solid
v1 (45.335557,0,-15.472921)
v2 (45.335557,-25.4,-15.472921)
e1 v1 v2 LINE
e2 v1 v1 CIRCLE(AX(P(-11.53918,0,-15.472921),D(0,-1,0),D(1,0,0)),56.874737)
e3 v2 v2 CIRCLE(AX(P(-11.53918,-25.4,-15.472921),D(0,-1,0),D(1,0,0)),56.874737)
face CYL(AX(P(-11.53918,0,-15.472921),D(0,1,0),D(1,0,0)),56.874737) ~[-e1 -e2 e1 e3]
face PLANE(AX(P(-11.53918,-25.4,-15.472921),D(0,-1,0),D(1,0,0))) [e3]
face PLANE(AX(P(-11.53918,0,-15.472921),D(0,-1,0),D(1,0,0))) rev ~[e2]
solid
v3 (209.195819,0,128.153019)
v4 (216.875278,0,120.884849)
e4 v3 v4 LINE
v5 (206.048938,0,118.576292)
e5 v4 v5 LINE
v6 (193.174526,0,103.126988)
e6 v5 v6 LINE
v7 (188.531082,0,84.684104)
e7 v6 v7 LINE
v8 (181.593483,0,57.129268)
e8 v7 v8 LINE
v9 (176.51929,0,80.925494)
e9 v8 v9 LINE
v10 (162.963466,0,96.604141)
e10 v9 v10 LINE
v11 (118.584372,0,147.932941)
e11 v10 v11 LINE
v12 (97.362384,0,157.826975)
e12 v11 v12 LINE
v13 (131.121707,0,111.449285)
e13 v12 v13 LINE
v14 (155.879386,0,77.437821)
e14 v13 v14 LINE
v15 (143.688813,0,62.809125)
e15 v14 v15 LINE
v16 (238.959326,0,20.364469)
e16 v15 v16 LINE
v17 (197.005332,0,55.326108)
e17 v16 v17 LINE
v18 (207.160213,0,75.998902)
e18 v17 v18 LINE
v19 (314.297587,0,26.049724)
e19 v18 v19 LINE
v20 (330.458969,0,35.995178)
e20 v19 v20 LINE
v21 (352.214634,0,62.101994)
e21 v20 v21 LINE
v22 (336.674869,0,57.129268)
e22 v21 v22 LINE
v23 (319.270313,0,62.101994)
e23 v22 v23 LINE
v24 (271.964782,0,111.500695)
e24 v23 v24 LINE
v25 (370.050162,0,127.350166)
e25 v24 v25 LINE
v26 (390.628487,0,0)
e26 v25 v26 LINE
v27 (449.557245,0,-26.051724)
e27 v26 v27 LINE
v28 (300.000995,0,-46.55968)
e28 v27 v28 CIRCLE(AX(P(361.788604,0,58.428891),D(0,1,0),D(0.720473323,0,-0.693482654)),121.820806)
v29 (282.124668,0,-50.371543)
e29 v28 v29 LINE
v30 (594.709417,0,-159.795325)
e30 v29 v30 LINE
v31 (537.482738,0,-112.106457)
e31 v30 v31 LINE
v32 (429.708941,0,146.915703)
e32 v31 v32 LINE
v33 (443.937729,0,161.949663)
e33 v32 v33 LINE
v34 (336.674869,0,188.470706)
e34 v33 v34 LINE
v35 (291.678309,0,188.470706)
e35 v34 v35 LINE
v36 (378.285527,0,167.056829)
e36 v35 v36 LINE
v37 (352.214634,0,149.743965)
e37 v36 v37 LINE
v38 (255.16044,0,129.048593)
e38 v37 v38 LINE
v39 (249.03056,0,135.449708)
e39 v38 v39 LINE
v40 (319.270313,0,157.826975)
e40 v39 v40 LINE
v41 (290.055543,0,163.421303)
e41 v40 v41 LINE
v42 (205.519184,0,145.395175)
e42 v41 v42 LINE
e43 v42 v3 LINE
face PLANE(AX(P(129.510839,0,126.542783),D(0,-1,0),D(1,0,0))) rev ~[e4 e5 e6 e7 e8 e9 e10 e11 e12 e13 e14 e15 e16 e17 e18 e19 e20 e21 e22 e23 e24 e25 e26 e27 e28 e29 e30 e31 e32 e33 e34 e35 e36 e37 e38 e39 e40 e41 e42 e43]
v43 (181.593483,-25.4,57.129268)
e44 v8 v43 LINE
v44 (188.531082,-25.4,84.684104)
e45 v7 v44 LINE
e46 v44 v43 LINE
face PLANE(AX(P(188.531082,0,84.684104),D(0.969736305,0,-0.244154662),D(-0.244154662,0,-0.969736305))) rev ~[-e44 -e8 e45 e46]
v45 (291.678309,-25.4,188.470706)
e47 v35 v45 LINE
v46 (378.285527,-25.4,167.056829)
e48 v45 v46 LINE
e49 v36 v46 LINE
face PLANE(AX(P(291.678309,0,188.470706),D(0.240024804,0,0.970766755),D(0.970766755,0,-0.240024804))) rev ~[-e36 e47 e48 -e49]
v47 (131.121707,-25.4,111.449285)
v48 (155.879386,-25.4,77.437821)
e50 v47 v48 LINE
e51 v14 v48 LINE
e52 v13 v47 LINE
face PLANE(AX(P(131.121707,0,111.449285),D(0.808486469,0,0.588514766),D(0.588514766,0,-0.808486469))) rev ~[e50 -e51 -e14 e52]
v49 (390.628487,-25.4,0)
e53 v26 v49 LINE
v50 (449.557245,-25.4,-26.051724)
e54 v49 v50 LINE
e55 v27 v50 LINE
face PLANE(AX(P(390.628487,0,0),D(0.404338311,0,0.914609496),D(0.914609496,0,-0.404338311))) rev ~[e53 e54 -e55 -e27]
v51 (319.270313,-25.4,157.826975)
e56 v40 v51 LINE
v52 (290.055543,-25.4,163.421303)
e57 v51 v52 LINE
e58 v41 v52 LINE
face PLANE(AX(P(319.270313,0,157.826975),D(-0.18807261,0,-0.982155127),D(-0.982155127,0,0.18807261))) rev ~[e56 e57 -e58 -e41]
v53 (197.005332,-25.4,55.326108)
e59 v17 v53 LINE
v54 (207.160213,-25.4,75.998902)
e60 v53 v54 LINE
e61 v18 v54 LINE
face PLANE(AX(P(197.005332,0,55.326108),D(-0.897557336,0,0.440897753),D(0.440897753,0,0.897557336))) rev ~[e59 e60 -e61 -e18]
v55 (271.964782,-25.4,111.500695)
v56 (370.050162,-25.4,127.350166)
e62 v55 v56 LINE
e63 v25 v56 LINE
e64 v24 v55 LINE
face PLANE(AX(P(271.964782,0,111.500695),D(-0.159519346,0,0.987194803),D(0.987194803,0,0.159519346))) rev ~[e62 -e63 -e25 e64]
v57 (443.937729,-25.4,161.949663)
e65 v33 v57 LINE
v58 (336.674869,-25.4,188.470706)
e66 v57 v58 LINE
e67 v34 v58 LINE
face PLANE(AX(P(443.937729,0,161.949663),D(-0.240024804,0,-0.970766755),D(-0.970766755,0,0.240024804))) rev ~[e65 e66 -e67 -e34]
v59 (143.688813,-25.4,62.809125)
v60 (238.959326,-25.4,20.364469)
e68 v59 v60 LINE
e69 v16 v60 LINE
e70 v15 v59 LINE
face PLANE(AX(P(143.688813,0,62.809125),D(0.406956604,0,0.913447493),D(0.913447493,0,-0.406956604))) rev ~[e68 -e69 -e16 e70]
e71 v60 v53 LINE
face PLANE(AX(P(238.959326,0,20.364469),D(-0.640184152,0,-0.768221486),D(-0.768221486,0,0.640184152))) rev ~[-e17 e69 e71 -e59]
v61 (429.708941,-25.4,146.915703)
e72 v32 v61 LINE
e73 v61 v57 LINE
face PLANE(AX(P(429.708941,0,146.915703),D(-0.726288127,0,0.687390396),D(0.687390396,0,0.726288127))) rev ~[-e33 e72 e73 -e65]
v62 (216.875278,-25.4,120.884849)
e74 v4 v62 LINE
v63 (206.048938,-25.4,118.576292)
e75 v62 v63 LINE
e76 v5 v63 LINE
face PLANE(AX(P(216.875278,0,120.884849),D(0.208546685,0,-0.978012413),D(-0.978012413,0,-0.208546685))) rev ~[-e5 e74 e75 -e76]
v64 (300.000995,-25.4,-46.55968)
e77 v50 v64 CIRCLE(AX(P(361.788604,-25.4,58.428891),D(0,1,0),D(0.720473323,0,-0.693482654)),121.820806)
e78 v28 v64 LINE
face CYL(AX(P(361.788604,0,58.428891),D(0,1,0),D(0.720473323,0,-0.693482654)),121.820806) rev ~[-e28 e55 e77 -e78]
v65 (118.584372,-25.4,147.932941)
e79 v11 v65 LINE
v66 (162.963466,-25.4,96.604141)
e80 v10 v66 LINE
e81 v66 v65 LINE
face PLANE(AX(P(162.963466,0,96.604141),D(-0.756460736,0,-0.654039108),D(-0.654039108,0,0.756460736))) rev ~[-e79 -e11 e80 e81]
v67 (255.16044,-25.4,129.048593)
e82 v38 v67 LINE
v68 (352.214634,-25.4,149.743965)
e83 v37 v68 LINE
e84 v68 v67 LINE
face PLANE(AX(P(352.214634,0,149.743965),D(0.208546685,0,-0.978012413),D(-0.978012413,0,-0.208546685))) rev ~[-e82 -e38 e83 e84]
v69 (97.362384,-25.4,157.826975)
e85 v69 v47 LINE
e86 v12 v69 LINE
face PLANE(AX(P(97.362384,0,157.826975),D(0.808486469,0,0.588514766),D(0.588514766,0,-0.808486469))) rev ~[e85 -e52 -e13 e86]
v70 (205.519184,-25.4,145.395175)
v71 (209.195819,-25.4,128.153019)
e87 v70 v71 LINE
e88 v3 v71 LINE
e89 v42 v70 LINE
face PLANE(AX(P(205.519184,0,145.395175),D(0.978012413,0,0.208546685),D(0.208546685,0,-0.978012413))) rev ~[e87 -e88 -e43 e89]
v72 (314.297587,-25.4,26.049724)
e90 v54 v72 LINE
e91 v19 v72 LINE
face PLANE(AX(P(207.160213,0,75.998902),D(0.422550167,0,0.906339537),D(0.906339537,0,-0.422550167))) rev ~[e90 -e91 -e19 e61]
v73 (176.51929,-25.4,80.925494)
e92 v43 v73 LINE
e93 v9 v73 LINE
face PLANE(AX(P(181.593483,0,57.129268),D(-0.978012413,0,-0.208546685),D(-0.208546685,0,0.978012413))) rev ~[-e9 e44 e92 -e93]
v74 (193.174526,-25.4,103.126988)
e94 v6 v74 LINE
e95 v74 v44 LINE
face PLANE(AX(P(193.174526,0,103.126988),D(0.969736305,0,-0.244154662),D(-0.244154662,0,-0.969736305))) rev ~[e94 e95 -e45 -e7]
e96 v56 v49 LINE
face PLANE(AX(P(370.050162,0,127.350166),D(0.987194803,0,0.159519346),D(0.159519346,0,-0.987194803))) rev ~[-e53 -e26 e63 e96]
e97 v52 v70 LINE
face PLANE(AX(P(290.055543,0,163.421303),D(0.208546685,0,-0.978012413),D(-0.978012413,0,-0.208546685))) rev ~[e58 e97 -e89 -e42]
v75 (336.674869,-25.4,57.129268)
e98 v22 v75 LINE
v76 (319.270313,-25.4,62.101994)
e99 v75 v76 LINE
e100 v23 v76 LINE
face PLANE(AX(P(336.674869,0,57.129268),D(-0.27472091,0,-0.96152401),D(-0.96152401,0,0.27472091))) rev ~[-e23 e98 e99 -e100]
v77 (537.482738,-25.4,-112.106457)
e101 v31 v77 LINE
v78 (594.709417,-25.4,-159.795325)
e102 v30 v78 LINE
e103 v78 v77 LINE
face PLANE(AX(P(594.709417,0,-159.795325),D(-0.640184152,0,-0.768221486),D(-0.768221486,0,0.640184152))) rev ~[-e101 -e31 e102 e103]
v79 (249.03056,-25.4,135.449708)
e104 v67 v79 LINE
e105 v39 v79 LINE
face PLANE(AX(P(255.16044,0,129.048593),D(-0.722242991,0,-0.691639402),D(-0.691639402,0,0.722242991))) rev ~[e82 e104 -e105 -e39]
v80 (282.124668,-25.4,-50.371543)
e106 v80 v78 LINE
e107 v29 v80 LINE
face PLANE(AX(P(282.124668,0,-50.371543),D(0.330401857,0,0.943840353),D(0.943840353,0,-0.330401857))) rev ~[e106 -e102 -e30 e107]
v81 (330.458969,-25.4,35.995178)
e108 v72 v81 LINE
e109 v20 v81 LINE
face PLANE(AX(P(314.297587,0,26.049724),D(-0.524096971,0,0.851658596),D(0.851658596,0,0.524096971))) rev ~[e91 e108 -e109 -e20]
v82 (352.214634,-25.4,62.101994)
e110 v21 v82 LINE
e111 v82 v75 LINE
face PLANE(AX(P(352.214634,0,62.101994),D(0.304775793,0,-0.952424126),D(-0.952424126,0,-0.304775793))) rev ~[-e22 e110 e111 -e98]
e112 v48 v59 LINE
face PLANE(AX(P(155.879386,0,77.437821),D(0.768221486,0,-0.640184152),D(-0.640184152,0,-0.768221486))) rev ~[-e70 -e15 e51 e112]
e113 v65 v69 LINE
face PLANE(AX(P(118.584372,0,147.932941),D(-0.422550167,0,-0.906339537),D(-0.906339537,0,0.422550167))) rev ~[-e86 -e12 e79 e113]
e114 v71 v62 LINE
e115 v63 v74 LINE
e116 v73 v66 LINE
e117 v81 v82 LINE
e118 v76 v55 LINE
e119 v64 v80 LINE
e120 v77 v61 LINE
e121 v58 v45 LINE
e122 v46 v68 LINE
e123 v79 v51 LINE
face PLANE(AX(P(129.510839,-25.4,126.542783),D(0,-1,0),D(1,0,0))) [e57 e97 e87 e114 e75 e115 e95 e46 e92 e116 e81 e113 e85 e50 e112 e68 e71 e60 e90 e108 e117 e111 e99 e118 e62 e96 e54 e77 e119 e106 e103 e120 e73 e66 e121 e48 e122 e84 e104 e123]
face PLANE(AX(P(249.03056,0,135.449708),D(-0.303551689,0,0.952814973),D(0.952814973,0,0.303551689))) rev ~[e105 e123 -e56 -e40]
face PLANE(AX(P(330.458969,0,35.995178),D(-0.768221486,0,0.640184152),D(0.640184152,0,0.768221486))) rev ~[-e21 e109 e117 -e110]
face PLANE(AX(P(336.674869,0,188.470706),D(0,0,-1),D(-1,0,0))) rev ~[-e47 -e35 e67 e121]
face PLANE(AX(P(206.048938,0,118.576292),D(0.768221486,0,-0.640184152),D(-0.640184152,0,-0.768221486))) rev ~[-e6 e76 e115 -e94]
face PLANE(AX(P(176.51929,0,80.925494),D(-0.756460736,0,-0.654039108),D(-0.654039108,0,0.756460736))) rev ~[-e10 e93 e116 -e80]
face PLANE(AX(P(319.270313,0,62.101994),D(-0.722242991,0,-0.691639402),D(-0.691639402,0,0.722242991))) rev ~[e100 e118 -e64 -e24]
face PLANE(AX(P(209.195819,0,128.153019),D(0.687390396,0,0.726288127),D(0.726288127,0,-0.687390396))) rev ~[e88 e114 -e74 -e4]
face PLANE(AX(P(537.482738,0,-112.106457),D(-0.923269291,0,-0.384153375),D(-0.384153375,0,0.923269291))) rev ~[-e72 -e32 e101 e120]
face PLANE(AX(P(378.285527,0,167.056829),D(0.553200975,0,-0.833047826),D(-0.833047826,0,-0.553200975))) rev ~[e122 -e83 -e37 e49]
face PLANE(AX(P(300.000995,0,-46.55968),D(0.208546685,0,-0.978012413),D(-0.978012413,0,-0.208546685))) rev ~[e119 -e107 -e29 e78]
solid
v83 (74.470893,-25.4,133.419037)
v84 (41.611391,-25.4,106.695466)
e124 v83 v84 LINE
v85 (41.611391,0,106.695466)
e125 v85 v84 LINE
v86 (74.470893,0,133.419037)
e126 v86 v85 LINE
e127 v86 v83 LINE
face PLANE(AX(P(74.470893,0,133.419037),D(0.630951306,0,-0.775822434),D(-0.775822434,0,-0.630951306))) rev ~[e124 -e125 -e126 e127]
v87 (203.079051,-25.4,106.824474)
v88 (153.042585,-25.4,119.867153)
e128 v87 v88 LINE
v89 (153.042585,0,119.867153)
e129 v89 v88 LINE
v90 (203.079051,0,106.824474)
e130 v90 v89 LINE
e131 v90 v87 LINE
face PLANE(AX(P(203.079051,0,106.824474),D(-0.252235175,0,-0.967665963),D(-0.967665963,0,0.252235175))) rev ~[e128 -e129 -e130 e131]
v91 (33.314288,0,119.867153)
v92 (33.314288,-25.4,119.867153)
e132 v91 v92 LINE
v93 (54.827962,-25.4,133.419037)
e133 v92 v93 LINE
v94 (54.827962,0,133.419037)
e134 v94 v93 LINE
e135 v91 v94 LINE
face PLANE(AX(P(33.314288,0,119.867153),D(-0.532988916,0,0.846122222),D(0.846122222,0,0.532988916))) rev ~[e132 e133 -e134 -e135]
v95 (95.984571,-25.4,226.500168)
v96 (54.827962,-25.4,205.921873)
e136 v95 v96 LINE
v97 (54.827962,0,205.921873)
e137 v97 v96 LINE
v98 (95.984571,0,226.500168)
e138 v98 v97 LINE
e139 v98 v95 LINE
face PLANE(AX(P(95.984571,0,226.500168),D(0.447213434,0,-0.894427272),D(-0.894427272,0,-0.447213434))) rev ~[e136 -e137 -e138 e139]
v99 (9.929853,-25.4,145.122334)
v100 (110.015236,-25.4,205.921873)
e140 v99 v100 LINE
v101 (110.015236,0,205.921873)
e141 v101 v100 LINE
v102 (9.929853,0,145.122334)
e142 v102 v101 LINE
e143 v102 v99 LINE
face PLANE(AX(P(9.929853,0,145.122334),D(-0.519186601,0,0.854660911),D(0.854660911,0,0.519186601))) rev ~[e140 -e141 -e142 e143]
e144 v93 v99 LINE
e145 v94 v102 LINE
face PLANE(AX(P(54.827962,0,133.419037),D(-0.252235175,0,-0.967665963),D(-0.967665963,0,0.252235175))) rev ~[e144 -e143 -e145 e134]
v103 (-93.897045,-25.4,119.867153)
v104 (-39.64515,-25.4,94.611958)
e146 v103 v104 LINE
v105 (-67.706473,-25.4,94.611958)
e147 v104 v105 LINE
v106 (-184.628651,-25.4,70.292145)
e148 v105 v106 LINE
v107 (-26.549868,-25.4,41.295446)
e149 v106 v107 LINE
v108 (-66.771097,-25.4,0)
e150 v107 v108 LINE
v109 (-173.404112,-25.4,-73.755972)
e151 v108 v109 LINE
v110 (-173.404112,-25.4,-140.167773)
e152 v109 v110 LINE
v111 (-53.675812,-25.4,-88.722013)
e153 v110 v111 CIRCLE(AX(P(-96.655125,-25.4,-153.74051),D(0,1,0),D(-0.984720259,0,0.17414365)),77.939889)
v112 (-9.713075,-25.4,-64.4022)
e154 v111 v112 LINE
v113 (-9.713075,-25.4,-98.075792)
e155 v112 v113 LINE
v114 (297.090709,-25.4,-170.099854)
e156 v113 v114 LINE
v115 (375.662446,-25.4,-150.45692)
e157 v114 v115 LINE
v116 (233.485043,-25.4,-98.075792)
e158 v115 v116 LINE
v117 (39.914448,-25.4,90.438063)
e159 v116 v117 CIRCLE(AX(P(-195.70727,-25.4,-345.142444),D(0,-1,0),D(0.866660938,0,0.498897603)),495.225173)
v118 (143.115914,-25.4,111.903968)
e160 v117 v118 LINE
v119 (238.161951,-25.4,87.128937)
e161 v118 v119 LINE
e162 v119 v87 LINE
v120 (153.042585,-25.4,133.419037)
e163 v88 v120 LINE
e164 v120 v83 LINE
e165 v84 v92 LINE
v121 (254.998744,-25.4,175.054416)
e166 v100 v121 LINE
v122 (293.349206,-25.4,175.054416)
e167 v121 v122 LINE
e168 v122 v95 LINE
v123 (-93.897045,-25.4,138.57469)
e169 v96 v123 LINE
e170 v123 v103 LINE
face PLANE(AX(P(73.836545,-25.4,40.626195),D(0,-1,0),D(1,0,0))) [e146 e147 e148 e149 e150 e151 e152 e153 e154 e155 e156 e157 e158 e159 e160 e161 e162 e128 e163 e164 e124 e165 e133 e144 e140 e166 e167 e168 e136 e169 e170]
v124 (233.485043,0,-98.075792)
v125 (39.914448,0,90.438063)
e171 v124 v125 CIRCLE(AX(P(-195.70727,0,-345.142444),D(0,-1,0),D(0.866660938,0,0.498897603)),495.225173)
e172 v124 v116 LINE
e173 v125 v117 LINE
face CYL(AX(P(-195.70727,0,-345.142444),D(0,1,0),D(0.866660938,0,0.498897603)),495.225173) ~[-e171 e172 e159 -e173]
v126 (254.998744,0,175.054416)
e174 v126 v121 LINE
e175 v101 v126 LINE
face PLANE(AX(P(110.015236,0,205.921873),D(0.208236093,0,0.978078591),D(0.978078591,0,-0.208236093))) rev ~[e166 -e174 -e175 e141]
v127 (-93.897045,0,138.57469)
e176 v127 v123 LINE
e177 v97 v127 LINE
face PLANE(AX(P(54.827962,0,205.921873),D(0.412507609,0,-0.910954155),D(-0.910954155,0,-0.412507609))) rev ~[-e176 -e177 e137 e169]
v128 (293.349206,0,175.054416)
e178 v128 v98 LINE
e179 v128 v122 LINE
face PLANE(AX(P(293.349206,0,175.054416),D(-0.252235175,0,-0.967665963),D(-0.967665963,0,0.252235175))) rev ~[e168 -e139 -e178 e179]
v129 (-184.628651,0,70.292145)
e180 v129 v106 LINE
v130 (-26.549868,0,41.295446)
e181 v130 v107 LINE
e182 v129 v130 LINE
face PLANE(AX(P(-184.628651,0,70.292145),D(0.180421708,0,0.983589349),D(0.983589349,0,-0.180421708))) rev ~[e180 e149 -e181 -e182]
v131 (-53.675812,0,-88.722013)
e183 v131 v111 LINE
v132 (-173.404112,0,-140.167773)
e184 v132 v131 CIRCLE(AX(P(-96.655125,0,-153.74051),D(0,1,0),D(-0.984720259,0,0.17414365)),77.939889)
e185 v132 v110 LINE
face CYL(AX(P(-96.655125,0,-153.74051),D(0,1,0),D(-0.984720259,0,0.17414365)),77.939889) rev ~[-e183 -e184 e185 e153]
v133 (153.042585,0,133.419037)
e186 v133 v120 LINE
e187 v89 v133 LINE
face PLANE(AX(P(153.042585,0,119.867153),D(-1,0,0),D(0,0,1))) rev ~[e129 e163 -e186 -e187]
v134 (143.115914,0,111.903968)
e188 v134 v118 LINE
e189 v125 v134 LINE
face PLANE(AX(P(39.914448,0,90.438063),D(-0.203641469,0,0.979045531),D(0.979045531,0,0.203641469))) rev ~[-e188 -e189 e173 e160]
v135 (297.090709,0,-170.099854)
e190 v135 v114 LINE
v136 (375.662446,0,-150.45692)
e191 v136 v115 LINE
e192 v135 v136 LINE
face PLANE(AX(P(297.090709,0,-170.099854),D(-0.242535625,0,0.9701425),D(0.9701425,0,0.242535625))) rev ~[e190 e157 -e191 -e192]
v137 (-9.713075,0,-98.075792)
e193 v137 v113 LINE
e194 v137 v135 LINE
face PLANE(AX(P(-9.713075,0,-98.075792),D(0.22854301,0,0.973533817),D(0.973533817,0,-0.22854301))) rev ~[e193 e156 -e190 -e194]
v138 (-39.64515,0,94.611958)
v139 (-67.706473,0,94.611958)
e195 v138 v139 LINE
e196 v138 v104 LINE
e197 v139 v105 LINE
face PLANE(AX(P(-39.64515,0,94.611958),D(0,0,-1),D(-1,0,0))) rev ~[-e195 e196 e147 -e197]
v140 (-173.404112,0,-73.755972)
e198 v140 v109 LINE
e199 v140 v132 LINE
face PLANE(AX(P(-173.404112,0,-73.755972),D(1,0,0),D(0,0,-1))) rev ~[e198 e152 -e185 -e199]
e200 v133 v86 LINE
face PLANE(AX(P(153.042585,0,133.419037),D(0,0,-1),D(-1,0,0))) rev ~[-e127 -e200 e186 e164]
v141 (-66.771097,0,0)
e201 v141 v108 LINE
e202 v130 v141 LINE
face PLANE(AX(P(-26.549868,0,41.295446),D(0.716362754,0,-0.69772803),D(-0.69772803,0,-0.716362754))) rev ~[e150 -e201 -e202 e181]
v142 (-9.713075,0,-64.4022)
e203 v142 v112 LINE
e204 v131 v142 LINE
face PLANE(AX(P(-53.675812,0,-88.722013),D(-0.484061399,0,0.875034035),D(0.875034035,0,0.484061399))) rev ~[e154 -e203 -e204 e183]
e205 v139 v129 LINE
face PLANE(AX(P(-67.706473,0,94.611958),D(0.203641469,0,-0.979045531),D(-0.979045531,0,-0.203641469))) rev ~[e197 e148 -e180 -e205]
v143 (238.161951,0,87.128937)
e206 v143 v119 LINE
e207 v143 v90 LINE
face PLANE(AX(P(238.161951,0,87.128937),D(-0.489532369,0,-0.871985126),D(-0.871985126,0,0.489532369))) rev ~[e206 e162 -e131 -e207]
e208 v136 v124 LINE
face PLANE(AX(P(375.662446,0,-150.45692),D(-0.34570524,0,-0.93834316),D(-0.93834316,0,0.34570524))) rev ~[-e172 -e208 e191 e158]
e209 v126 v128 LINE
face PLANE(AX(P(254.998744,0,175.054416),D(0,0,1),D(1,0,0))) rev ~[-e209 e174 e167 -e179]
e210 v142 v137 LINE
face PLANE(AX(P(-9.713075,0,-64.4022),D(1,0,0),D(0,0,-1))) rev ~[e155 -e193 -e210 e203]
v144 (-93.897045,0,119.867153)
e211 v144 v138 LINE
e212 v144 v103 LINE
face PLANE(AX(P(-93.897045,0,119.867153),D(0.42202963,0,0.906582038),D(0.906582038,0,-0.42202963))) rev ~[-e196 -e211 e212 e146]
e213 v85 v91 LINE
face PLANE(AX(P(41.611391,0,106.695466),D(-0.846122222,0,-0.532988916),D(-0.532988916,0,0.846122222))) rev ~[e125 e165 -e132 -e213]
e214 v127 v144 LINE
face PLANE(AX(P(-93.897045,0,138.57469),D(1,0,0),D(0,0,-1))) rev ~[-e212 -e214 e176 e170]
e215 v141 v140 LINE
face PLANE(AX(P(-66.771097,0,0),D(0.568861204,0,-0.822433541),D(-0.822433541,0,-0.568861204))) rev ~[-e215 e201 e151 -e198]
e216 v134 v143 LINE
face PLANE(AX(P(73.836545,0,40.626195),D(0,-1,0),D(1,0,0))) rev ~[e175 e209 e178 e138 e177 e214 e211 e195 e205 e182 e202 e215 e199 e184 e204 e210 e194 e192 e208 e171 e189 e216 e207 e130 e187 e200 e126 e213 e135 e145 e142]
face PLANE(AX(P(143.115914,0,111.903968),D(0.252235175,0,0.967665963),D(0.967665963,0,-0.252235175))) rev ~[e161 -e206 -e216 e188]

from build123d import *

# Parameters (mm, degrees)
F2_DEPTH = 25.4
F0_R     = 56.874736522
F4_DEPTH = 25.4


with BuildPart() as f2:
    # F1 (on Front) → F2 (new body)
    with BuildSketch(Plane.XZ):
        Polygon((97.3623842001, 157.826974988), (131.1217065965, 111.4492850022), (162.9634663396, 96.60414105), (118.5843721032, 147.9329406156), align=None)
        with BuildLine():
            Line((255.160440026, 129.0485934543), (271.9647816435, 111.5006950761))
            Line((271.9647816435, 111.5006950761), (370.050162077, 127.35016644))
            Line((370.050162077, 127.35016644), (390.6284868717, 0))
            Line((390.6284868717, 0), (449.5572447777, -26.0517243296))
            ThreePointArc((449.5572447777, -26.0517243296), (378.3384551006, -62.2624967169), (300.0009953976, -46.559680179))
            Line((300.0009953976, -46.559680179), (282.1246683598, -50.371542573))
            Line((282.1246683598, -50.371542573), (594.7094174282, -159.7953251611))
            Line((594.7094174282, -159.7953251611), (537.4827384949, -112.1064573526))
            Line((537.4827384949, -112.1064573526), (429.7089413172, 146.9157032843))
            Line((429.7089413172, 146.9157032843), (443.9377291613, 161.9496632187))
            Line((443.9377291613, 161.9496632187), (336.6748690605, 188.4707063437))
            Line((336.6748690605, 188.4707063437), (291.6783094406, 188.4707063437))
            Line((291.6783094406, 188.4707063437), (378.2855272293, 167.0568287373))
            Line((378.2855272293, 167.0568287373), (352.2146344185, 149.7439652161))
            Line((352.2146344185, 149.7439652161), (255.160440026, 129.0485934543))
        make_face()
        Polygon((209.1958191275, 128.1530192824), (216.8752775893, 120.884848708), (255.160440026, 129.0485934543), (249.0305602551, 135.4497075081), (319.2703127861, 157.826974988), (290.0555431843, 163.4213030338), (205.5191844702, 145.3951746225), align=None)
        Polygon((220.5155867332, 103.1870958647), (207.1602131464, 75.9989020851), (314.2975866795, 26.0497238487), (330.4589688778, 35.9951779246), (352.2146344185, 62.1019937098), (336.6748690605, 57.1292676032), (319.2703127861, 62.1019937098), (271.9647816435, 111.5006950761), (233.3784030187, 105.2655792989), align=None)
        Polygon((162.9634663396, 96.60414105), (131.1217065965, 111.4492850022), (155.8793856038, 77.4378214935), (143.6888128519, 62.809124589), (238.9593260341, 20.3644687398), (197.0053315163, 55.3261078894), (207.1602131464, 75.9989020851), (188.531082378, 84.6841044795), (181.5934830965, 57.1292676032), (176.5192896128, 80.9254944324), align=None)
        Polygon((193.1745260954, 103.1269878149), (188.531082378, 84.6841044795), (207.1602131464, 75.9989020851), (220.5155867332, 103.1870958647), (233.3784030187, 105.2655792989), (216.8752775893, 120.884848708), (206.0489376394, 118.5762918085), align=None)
        Polygon((216.8752775893, 120.884848708), (233.3784030187, 105.2655792989), (271.9647816435, 111.5006950761), (255.160440026, 129.0485934543), align=None)
    extrude(amount=F2_DEPTH)


with BuildPart() as f2b:
    # F0 (on Front) → F2, piece 2 (new body)
    with BuildSketch(Plane.XZ):
        with Locations((-11.5391798317, -15.4729206115)):
            Circle(F0_R)
    extrude(amount=F2_DEPTH)


with BuildPart() as f4:
    # F3 (on Front) → F4 (new body)
    with BuildSketch(Plane.XZ):
        with BuildLine():
            Line((-184.6286505461, 70.2921450138), (-26.5498682857, 41.2954464555))
            Line((-26.5498682857, 41.2954464555), (-66.7710974813, 0))
            Line((-66.7710974813, 0), (-173.4041124582, -73.7559720874))
            Line((-173.4041124582, -73.7559720874), (-173.4041124582, -140.1677727699))
            ThreePointArc((-173.4041124582, -140.1677727699), (-127.4246598374, -82.1314180062), (-53.6758117378, -88.7220129371))
            Line((-53.6758117378, -88.7220129371), (-9.7130751237, -64.4022002816))
            Line((-9.7130751237, -64.4022002816), (-9.7130751237, -98.0757921934))
            Line((-9.7130751237, -98.0757921934), (297.0907092094, -170.0998544693))
            Line((297.0907092094, -170.0998544693), (375.662446022, -150.4569202662))
            Line((375.662446022, -150.4569202662), (233.4850430489, -98.0757921934))
            ThreePointArc((233.4850430489, -98.0757921934), (149.8050921338, 9.6380229284), (39.914448045, 90.4380631201))
            Line((39.914448045, 90.4380631201), (143.115914138, 111.903967857))
            Line((143.115914138, 111.903967857), (238.1619513035, 87.1289372444))
            Line((238.1619513035, 87.1289372444), (203.0790512679, 106.824474055))
            Line((203.0790512679, 106.824474055), (153.0425846577, 119.8671534657))
            Line((153.0425846577, 119.8671534657), (153.0425846577, 133.4190372256))
            Line((153.0425846577, 133.4190372256), (74.4708925486, 133.4190372256))
            Line((74.4708925486, 133.4190372256), (41.6113905826, 106.6954664946))
            Line((41.6113905826, 106.6954664946), (33.3142876625, 119.8671534657))
            Line((33.3142876625, 119.8671534657), (54.8279620707, 133.4190372256))
            Line((54.8279620707, 133.4190372256), (9.9298534915, 145.1223343611))
            Line((9.9298534915, 145.1223343611), (110.0152358413, 205.9218734503))
            Line((110.0152358413, 205.9218734503), (254.9987435341, 175.0544160604))
            Line((254.9987435341, 175.0544160604), (293.3492064476, 175.0544160604))
            Line((293.3492064476, 175.0544160604), (95.984570682, 226.5001684427))
            Line((95.984570682, 226.5001684427), (54.8279620707, 205.9218734503))
            Line((54.8279620707, 205.9218734503), (-93.8970446587, 138.5746896267))
            Line((-93.8970446587, 138.5746896267), (-93.8970446587, 119.8671534657))
            Line((-93.8970446587, 119.8671534657), (-39.6451503038, 94.6119576693))
            Line((-39.6451503038, 94.6119576693), (-67.7064731717, 94.6119576693))
            Line((-67.7064731717, 94.6119576693), (-184.6286505461, 70.2921450138))
        make_face()
    extrude(amount=F4_DEPTH)


solid = Compound([f2.part, f2b.part, f4.part])
